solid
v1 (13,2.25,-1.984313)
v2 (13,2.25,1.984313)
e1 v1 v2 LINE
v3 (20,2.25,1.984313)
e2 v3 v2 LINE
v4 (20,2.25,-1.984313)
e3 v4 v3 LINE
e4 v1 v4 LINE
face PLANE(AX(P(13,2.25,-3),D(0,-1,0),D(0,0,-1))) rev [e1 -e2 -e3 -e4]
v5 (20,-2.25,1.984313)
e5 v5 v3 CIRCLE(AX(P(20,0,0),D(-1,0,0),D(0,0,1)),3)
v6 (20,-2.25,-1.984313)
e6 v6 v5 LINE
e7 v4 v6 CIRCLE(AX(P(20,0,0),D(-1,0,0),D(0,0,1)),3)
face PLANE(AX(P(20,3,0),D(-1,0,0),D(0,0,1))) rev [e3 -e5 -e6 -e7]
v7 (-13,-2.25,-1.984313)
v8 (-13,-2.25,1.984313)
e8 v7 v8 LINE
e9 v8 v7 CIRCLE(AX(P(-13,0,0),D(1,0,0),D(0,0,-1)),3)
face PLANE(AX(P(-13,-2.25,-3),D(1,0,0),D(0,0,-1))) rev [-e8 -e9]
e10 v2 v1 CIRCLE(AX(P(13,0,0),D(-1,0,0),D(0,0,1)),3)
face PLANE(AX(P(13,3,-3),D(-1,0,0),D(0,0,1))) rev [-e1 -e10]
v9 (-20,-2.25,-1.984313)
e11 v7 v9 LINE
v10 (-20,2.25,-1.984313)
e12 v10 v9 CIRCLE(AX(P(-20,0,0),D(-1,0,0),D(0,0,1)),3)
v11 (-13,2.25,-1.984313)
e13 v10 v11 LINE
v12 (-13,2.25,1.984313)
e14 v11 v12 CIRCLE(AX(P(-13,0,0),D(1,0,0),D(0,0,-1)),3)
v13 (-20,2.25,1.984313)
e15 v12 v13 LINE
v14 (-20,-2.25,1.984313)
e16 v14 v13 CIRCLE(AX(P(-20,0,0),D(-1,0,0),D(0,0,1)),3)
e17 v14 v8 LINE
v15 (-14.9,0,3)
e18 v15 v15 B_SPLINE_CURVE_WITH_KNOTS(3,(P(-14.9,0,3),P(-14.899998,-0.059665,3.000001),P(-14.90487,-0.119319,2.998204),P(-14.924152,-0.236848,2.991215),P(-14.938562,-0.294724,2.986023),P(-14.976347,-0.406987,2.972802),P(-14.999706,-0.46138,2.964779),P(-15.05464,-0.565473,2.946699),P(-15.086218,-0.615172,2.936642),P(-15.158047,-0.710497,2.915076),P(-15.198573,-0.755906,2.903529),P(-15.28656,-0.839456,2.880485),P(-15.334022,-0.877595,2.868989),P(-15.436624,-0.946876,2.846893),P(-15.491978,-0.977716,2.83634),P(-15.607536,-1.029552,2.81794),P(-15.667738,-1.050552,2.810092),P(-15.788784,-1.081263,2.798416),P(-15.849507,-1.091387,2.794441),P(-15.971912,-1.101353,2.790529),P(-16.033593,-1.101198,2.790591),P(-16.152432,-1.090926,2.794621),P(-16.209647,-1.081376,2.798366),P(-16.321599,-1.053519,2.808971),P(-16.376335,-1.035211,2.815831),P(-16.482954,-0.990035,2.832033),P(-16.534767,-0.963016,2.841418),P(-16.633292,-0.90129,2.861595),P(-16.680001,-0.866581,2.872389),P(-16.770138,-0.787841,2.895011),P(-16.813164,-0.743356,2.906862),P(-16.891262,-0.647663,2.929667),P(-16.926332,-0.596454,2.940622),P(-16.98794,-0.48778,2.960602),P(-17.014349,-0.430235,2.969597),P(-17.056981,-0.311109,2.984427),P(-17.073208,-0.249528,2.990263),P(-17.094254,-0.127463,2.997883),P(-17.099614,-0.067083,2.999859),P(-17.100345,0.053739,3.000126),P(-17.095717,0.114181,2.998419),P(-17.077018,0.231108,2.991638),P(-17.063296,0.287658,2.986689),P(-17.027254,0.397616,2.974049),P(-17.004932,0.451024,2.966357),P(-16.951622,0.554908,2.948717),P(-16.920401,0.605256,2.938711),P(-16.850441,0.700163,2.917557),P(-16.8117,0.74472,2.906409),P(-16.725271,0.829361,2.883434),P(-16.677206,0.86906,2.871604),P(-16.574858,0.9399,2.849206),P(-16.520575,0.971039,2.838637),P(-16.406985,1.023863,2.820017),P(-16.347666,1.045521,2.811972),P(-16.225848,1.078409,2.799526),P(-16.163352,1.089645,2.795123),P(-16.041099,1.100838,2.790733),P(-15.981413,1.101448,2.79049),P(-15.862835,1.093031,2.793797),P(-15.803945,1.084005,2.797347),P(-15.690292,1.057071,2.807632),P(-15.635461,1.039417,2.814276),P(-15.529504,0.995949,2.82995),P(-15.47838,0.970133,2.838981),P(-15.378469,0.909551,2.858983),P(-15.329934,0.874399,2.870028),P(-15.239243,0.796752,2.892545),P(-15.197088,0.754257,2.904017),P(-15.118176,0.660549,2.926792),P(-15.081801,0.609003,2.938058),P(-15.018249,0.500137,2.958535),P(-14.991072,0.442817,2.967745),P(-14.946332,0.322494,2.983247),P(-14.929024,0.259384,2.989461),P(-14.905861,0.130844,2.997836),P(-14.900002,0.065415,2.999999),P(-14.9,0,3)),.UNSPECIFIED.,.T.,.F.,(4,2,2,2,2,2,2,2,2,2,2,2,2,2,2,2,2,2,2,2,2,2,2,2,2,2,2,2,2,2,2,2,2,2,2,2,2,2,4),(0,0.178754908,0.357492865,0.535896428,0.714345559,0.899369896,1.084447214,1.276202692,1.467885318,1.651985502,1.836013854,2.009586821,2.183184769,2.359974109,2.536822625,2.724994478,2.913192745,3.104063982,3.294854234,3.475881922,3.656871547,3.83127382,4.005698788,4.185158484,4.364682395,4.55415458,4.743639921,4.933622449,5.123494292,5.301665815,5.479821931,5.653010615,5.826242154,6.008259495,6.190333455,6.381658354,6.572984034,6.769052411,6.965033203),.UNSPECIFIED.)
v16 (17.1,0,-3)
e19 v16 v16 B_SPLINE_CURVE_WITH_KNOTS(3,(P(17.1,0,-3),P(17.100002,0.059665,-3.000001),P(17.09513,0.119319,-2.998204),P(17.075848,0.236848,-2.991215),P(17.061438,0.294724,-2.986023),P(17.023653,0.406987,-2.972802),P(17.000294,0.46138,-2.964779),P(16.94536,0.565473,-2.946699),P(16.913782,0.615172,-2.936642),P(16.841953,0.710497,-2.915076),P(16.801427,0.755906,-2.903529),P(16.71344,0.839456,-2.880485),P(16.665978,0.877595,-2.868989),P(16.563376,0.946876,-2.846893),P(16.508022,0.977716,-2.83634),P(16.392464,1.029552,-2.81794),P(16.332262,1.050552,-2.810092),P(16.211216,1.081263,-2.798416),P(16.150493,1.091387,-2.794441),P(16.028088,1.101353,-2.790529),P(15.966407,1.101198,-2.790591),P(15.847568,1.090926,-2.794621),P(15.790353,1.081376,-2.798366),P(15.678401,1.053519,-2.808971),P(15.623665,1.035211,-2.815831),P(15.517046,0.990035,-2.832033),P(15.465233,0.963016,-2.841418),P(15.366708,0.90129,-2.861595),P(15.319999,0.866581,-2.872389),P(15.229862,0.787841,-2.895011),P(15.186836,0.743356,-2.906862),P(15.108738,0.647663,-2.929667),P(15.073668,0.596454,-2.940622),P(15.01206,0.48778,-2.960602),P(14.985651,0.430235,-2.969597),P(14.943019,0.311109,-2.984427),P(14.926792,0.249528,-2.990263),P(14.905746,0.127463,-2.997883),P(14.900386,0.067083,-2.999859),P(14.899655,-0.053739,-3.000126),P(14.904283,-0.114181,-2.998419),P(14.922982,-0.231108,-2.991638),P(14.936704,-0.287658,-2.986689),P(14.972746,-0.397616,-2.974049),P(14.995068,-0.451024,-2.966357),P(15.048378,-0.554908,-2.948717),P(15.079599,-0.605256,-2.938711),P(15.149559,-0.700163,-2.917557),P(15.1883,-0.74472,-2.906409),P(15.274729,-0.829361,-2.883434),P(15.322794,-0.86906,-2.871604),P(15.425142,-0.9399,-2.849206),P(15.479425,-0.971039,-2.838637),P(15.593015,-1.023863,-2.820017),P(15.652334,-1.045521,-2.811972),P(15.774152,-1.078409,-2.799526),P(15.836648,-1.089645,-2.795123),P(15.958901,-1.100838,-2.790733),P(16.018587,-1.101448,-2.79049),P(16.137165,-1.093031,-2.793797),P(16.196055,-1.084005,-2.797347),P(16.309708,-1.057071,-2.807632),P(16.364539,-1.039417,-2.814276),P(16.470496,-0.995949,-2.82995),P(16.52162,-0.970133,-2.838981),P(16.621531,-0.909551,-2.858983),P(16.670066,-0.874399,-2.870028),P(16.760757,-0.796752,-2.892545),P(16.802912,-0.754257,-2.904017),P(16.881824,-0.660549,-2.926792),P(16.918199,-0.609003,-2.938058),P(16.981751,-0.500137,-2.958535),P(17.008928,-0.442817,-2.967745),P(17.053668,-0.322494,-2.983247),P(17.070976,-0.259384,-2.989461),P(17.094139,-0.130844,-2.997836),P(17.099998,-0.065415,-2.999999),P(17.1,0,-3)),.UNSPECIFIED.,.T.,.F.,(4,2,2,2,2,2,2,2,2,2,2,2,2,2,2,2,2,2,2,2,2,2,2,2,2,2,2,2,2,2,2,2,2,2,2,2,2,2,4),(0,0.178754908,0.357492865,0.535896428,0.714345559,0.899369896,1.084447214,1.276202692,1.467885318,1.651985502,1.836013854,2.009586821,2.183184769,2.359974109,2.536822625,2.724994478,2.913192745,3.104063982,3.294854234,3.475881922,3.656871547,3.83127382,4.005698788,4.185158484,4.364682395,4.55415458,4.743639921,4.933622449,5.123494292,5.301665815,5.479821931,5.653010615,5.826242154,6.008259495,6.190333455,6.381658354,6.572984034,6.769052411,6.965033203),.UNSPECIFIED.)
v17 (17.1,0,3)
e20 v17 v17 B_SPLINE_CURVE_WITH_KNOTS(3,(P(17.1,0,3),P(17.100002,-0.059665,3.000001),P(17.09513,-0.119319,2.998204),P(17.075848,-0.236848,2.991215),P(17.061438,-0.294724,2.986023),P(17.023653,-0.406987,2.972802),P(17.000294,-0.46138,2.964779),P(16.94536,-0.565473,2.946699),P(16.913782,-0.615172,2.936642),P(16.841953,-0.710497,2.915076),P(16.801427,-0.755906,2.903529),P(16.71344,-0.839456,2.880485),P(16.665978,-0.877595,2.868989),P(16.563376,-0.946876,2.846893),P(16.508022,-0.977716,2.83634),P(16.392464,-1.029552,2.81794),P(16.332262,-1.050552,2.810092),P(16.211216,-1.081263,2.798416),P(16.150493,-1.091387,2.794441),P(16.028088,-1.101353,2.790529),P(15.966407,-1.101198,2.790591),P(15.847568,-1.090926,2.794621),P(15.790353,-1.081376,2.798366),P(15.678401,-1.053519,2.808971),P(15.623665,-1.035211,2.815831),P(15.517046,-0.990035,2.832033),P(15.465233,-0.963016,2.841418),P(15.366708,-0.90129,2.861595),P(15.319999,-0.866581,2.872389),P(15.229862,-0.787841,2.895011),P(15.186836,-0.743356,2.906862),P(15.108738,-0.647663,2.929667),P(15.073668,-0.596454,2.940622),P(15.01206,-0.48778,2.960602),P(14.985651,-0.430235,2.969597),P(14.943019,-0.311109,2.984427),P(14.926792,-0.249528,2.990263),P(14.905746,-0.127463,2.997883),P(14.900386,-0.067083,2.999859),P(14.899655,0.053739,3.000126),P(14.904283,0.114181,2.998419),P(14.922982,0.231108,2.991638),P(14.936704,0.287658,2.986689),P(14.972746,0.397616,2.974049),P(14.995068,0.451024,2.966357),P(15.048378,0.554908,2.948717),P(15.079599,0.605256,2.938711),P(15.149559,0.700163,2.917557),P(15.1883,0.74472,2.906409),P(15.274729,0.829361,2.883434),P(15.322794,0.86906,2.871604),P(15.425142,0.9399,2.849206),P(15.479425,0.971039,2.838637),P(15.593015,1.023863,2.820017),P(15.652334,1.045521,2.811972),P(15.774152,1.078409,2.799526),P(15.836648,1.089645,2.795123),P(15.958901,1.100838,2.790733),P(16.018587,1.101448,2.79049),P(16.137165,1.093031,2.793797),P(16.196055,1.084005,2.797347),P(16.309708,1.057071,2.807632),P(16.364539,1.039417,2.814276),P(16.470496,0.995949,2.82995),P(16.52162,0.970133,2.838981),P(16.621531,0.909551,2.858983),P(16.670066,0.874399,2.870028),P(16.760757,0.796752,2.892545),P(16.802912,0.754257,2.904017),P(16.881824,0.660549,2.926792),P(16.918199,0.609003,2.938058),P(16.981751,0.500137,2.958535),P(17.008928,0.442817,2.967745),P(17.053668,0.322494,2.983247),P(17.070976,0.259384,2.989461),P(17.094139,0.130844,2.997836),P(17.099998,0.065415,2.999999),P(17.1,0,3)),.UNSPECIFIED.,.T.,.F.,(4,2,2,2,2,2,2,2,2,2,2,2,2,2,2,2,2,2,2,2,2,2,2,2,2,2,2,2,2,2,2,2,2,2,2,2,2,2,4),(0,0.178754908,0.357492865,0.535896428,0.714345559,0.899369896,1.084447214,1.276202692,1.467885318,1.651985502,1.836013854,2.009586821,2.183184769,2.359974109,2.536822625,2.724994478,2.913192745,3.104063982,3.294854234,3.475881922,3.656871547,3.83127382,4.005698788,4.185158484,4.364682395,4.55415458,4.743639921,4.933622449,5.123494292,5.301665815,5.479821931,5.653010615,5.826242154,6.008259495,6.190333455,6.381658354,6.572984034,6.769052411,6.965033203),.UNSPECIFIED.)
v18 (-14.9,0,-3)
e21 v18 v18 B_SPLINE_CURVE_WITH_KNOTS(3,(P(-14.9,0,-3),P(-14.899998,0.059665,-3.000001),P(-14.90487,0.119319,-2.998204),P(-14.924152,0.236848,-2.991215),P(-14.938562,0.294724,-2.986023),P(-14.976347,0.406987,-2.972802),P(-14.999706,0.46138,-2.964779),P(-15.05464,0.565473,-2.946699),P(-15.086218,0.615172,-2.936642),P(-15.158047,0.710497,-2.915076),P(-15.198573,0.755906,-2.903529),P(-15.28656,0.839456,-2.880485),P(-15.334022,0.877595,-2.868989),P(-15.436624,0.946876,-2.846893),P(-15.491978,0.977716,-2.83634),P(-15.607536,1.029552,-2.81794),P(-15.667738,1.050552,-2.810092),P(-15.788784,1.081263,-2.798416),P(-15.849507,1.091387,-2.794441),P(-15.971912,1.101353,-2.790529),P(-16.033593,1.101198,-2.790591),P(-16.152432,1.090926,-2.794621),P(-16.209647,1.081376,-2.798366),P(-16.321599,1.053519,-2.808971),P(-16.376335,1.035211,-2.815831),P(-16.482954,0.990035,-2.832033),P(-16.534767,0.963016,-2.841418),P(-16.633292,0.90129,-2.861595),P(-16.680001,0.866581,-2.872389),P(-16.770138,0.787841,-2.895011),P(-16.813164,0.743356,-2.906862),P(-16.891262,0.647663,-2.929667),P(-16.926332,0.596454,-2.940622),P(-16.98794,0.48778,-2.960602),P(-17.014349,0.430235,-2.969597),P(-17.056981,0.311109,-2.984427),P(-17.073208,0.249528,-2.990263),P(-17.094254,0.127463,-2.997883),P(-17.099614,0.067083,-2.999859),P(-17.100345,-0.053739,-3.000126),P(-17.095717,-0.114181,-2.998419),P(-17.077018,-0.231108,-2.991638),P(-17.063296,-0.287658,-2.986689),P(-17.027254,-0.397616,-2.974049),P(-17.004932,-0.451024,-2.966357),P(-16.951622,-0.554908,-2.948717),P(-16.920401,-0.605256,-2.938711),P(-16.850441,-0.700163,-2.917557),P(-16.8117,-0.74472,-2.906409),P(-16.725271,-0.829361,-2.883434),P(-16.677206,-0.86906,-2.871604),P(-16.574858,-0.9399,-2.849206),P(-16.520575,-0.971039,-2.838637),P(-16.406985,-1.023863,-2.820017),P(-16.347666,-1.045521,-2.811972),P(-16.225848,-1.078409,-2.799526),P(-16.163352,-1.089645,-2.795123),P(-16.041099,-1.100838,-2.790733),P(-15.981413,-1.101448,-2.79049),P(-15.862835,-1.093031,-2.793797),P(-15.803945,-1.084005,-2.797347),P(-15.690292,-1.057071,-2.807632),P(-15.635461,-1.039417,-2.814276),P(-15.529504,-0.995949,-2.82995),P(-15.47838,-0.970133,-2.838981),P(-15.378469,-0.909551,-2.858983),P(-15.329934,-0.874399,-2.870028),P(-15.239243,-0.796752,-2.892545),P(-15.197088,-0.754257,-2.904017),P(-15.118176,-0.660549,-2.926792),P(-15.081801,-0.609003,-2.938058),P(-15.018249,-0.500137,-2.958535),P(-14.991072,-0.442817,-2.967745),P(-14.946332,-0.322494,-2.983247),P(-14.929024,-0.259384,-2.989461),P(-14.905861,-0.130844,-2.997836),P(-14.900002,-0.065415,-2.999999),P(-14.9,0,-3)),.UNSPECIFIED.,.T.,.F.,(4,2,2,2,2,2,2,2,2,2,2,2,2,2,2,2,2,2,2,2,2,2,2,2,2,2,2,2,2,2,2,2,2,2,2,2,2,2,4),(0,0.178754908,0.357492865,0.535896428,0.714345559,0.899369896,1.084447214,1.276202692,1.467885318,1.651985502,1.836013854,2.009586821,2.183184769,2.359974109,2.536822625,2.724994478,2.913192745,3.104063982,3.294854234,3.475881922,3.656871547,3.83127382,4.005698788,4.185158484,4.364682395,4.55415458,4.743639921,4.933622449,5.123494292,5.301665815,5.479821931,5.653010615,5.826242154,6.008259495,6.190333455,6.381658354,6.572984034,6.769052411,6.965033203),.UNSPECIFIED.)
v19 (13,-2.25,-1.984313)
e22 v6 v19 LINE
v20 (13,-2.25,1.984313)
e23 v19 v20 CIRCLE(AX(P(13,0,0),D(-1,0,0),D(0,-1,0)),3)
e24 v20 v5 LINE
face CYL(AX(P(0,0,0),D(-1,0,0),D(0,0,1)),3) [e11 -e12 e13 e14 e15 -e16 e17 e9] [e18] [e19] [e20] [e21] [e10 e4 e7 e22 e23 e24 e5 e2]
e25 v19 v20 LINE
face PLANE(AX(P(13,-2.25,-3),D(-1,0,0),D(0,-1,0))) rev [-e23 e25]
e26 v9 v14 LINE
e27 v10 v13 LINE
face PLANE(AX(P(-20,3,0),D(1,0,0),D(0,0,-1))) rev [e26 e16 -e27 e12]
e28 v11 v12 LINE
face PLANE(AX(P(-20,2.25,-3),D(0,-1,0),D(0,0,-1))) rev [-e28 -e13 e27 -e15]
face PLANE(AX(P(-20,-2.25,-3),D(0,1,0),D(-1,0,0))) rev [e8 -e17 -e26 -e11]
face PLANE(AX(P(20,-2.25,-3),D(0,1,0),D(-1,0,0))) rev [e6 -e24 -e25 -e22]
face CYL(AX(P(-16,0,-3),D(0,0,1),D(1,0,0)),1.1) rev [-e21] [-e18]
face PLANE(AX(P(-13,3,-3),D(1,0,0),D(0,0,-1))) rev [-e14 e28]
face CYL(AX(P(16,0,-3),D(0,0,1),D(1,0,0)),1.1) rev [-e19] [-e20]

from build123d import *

# Parameters (mm, degrees)
SKETCH1_W               = 40
SKETCH1_H               = 3
SKETCH2_W               = 7
SKETCH2_H               = 0.75
CUT_EXTRUDE1_DEPTH      = 4
CUT_EXTRUDE1_DEPTH_BACK = 4
SKETCH3_R               = 1.1
CUT_EXTRUDE2_DEPTH      = 4
CUT_EXTRUDE2_DEPTH_BACK = 4


with BuildPart() as part:
    # Sketch1 → Revolve1 (revolve)
    with BuildSketch(Plane.XY):
        with Locations((0, 1.5)):
            Rectangle(SKETCH1_W, SKETCH1_H)
    revolve(axis=Axis((0, 0, 0), (1, 0, 0)))

    # Sketch2 → Cut-Extrude1 (cut, two sides)
    with BuildSketch(Plane.XY) as cut_extrude1_sk:
        with Locations((-16.5, 2.625)):
            Rectangle(SKETCH2_W, SKETCH2_H)
        with Locations((-16.5, -2.625)):
            Rectangle(SKETCH2_W, SKETCH2_H)
        with Locations((16.5, 2.625)):
            Rectangle(SKETCH2_W, SKETCH2_H)
        with Locations((16.5, -2.625)):
            Rectangle(SKETCH2_W, SKETCH2_H)
    extrude(amount=CUT_EXTRUDE1_DEPTH, mode=Mode.SUBTRACT)
    extrude(cut_extrude1_sk.sketch, amount=-CUT_EXTRUDE1_DEPTH_BACK, mode=Mode.SUBTRACT)

    # Sketch3 → Cut-Extrude2 (cut, two sides)
    with BuildSketch(Plane.XY) as cut_extrude2_sk:
        with Locations((-16, 0)):
            Circle(SKETCH3_R)
        with Locations((16, 0)):
            Circle(SKETCH3_R)
    extrude(amount=CUT_EXTRUDE2_DEPTH, mode=Mode.SUBTRACT)
    extrude(cut_extrude2_sk.sketch, amount=-CUT_EXTRUDE2_DEPTH_BACK, mode=Mode.SUBTRACT)


solid = part.part
